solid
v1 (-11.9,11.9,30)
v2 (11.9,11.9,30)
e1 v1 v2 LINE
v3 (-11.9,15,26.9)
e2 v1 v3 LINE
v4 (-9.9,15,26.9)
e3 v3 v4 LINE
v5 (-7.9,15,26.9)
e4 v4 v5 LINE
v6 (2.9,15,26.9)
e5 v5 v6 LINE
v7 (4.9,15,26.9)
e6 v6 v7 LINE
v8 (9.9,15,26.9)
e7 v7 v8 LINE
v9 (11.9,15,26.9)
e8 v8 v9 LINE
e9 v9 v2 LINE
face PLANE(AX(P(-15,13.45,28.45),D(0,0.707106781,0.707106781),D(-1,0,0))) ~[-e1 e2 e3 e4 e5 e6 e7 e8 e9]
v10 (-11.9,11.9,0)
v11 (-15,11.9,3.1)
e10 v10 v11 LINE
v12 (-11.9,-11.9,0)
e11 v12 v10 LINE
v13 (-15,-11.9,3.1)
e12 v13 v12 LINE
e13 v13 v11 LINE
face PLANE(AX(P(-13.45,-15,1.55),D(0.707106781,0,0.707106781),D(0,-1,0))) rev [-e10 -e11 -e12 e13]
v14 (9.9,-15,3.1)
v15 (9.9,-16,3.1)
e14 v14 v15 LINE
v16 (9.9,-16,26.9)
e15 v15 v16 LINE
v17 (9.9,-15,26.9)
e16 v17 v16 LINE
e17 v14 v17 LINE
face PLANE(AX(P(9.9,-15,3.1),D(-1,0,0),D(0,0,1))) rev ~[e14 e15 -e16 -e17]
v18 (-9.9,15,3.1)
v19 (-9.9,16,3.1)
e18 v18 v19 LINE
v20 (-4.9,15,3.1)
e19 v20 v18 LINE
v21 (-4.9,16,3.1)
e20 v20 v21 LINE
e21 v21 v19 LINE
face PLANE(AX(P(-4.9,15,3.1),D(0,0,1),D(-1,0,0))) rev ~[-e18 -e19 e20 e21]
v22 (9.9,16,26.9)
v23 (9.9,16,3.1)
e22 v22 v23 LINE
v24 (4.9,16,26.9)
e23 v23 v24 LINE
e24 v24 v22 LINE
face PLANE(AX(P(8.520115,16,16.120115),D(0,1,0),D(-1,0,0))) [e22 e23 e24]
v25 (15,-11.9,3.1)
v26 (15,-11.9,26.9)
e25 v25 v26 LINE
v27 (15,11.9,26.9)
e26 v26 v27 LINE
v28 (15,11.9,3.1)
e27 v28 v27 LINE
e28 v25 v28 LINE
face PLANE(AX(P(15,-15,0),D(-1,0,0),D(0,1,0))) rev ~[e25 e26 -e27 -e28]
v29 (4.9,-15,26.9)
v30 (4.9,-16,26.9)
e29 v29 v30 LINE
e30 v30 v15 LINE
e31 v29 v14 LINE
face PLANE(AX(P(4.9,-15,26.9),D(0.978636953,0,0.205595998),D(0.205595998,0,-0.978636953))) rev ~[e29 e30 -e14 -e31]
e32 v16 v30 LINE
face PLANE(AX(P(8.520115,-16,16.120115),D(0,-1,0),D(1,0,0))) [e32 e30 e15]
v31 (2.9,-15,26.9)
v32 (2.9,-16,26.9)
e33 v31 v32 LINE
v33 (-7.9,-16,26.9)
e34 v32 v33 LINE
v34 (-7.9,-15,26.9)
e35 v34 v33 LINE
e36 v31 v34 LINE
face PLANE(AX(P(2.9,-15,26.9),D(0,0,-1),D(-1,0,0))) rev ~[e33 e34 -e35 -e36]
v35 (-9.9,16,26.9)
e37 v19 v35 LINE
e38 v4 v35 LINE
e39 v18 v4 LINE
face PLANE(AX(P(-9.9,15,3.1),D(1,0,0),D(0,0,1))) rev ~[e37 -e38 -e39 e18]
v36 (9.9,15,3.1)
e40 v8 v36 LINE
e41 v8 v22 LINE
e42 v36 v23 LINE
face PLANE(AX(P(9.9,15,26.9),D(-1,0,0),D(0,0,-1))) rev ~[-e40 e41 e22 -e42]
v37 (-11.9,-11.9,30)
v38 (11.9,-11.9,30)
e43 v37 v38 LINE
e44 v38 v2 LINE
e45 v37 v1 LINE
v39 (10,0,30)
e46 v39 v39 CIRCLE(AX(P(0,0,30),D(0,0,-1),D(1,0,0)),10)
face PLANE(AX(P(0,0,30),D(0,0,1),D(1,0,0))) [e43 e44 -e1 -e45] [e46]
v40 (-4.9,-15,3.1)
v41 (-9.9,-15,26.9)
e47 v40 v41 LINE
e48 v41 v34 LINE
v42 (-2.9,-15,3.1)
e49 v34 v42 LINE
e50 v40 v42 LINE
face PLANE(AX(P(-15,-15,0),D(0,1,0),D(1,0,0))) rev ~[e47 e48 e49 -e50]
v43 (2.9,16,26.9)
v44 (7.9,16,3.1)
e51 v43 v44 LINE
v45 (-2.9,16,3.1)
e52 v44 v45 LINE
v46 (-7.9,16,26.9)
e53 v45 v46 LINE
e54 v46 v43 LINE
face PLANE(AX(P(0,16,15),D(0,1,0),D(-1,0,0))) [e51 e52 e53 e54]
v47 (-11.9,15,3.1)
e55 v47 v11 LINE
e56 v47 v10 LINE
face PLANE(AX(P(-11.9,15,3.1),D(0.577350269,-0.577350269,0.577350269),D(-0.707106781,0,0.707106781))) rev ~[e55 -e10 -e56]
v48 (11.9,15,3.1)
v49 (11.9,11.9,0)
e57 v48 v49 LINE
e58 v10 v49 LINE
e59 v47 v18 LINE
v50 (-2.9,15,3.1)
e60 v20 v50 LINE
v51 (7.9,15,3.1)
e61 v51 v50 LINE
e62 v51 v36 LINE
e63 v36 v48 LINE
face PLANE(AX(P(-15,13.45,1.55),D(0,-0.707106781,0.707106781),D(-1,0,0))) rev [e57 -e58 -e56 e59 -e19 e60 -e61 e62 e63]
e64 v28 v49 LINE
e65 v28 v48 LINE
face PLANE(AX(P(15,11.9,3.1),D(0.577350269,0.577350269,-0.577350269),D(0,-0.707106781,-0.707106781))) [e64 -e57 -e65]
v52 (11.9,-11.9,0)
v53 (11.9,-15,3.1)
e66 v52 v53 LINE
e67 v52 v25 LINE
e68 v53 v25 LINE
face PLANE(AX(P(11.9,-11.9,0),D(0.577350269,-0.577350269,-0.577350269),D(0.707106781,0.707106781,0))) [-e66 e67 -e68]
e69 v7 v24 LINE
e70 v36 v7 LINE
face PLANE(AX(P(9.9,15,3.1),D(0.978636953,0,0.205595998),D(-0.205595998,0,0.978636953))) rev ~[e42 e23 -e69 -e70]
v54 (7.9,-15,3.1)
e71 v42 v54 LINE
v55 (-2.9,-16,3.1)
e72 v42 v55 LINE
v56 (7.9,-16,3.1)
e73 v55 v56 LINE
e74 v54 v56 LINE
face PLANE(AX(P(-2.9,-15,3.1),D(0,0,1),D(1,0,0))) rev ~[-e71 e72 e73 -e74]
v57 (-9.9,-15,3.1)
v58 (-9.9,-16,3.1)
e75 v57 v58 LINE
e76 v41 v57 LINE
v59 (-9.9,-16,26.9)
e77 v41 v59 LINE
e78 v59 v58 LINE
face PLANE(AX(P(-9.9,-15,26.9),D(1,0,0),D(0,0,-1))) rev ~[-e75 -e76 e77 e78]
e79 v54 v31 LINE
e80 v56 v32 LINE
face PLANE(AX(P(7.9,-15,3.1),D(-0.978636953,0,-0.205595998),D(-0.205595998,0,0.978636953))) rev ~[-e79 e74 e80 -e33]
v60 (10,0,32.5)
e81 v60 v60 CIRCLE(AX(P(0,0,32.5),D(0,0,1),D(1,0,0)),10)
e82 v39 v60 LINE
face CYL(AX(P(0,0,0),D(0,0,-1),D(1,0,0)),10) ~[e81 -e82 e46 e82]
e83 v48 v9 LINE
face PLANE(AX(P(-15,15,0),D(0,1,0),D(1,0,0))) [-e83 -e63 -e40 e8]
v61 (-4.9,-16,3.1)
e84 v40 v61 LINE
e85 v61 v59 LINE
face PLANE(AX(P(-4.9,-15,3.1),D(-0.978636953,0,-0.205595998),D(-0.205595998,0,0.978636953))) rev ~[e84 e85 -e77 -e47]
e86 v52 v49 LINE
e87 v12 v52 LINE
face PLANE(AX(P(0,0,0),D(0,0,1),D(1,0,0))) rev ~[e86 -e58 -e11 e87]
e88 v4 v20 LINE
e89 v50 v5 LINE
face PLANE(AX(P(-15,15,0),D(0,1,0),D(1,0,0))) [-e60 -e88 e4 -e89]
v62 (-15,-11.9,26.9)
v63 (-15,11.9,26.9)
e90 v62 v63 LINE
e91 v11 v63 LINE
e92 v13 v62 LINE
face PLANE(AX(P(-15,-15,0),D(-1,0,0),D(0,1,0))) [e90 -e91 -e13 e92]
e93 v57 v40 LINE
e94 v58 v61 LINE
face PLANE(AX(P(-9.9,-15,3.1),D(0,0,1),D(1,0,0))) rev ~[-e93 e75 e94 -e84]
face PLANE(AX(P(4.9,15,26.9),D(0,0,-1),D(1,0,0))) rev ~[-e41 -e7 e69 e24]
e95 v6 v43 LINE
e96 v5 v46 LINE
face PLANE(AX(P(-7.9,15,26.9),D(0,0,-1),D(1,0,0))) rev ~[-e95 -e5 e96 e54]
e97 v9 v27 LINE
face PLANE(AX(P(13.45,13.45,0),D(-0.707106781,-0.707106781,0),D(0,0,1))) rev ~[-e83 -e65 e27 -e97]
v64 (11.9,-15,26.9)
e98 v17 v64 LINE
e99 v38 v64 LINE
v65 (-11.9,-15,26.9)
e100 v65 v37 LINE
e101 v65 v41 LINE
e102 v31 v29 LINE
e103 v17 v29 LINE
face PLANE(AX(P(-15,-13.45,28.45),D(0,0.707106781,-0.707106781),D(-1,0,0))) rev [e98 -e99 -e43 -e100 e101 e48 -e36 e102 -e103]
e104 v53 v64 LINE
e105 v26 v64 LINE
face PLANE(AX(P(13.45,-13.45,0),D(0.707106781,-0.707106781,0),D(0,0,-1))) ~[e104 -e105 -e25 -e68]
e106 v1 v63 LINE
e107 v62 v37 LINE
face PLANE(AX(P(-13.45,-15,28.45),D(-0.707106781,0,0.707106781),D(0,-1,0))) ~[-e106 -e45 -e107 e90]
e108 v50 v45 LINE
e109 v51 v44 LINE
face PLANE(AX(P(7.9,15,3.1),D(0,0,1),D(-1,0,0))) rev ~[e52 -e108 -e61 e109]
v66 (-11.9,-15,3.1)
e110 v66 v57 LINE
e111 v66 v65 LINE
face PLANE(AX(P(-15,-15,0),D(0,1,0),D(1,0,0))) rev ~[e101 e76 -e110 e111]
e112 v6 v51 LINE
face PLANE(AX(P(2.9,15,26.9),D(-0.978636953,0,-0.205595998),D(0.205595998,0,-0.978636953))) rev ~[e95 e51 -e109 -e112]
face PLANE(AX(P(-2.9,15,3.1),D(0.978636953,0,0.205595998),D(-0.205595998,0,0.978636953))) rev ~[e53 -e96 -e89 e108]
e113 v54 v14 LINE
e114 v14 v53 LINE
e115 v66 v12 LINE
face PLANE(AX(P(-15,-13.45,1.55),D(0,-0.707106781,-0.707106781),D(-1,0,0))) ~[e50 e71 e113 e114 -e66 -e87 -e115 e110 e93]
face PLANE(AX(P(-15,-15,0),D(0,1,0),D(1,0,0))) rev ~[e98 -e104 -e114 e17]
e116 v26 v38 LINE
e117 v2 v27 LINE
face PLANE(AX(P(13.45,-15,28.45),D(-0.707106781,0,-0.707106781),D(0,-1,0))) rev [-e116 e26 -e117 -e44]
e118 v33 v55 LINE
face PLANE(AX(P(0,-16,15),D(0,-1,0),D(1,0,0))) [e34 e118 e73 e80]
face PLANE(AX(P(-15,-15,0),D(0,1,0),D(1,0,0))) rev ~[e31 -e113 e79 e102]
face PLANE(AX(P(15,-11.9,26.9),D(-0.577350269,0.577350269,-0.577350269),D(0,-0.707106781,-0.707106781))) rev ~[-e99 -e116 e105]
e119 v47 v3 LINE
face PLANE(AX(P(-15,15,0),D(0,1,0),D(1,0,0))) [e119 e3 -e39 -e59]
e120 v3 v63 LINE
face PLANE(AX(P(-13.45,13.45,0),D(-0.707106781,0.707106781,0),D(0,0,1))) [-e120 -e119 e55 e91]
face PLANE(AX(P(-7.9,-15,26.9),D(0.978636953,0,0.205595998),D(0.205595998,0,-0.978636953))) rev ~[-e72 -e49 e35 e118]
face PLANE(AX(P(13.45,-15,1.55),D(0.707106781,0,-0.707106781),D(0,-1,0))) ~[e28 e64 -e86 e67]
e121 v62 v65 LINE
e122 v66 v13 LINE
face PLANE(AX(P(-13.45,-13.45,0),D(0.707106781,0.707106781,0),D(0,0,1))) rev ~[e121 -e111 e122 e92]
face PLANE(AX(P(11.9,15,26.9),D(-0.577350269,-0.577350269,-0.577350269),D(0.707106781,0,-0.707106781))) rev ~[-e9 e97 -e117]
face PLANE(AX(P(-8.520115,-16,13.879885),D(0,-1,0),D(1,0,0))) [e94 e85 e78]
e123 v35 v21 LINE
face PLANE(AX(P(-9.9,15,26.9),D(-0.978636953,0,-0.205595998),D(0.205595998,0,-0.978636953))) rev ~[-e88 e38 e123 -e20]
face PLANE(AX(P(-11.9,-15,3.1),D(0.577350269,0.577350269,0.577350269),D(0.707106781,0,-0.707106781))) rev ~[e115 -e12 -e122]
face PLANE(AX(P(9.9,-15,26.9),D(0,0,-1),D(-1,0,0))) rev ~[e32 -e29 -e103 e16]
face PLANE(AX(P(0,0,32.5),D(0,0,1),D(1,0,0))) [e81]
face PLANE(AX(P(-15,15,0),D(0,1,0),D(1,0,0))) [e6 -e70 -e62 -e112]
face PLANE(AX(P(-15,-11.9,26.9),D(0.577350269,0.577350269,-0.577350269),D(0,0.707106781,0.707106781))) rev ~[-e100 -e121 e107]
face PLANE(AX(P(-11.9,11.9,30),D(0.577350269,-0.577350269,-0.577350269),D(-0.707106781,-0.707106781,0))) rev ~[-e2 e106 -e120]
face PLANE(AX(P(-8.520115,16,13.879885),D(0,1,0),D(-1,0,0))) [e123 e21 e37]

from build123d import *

# Parameters (mm, degrees)
F0_W     = 30
F0_H     = 30
F1_DEPTH = 30
F2_SIZE  = 3.1
F3_R     = 10
F4_DEPTH = 32.5
F6_DEPTH = 1
F8_DEPTH = 1


with BuildPart() as f1:
    # F0 (on Top) → F1 (new body)
    with BuildSketch(Plane.XY):
        Rectangle(F0_W, F0_H)
    extrude(amount=F1_DEPTH)

    # F2
    f2_edges = [f1.edges().sort_by_distance(p)[0] for p in [
        (0, -15, 30),
        (15, 0, 30),
        (15, -15, 15),
        (-15, 0, 0),
        (0, 15, 0),
        (-15, 15, 15),
        (0, 15, 30),
        (15, 15, 15),
        (-15, -15, 15),
        (0, -15, 0),
        (15, 0, 0),
        (-15, 0, 30),
    ]]
    chamfer(f2_edges, length=F2_SIZE)

    # F3 (on Top) → F4 (join)
    with BuildSketch(Plane.XY):
        Circle(F3_R)
    extrude(amount=F4_DEPTH)

    # F5 (on face) → F6 (join)
    with BuildSketch(Plane.XZ.offset(15)):
        Polygon((-9.9, 26.9), (-9.9, 3.1), (-4.9, 3.1), align=None)
        Polygon((9.9, 3.1), (9.9, 26.9), (4.9, 26.9), align=None)
        Polygon((-7.9, 26.9), (-2.9, 3.1), (7.9, 3.1), (2.9, 26.9), align=None)
    extrude(amount=F6_DEPTH)

    # F7 (on face) → F8 (join)
    with BuildSketch(Plane(origin=(0, 15, 0), x_dir=(-1, 0, 0), z_dir=(0, 1, 0))):
        Polygon((-2.9, 26.9), (-7.9, 3.1), (2.9, 3.1), (7.9, 26.9), align=None)
        Polygon((9.9, 26.9), (4.9, 3.1), (9.9, 3.1), align=None)
        Polygon((-4.9, 26.9), (-9.9, 26.9), (-9.9, 3.1), align=None)
    extrude(amount=F8_DEPTH)


solid = f1.part
